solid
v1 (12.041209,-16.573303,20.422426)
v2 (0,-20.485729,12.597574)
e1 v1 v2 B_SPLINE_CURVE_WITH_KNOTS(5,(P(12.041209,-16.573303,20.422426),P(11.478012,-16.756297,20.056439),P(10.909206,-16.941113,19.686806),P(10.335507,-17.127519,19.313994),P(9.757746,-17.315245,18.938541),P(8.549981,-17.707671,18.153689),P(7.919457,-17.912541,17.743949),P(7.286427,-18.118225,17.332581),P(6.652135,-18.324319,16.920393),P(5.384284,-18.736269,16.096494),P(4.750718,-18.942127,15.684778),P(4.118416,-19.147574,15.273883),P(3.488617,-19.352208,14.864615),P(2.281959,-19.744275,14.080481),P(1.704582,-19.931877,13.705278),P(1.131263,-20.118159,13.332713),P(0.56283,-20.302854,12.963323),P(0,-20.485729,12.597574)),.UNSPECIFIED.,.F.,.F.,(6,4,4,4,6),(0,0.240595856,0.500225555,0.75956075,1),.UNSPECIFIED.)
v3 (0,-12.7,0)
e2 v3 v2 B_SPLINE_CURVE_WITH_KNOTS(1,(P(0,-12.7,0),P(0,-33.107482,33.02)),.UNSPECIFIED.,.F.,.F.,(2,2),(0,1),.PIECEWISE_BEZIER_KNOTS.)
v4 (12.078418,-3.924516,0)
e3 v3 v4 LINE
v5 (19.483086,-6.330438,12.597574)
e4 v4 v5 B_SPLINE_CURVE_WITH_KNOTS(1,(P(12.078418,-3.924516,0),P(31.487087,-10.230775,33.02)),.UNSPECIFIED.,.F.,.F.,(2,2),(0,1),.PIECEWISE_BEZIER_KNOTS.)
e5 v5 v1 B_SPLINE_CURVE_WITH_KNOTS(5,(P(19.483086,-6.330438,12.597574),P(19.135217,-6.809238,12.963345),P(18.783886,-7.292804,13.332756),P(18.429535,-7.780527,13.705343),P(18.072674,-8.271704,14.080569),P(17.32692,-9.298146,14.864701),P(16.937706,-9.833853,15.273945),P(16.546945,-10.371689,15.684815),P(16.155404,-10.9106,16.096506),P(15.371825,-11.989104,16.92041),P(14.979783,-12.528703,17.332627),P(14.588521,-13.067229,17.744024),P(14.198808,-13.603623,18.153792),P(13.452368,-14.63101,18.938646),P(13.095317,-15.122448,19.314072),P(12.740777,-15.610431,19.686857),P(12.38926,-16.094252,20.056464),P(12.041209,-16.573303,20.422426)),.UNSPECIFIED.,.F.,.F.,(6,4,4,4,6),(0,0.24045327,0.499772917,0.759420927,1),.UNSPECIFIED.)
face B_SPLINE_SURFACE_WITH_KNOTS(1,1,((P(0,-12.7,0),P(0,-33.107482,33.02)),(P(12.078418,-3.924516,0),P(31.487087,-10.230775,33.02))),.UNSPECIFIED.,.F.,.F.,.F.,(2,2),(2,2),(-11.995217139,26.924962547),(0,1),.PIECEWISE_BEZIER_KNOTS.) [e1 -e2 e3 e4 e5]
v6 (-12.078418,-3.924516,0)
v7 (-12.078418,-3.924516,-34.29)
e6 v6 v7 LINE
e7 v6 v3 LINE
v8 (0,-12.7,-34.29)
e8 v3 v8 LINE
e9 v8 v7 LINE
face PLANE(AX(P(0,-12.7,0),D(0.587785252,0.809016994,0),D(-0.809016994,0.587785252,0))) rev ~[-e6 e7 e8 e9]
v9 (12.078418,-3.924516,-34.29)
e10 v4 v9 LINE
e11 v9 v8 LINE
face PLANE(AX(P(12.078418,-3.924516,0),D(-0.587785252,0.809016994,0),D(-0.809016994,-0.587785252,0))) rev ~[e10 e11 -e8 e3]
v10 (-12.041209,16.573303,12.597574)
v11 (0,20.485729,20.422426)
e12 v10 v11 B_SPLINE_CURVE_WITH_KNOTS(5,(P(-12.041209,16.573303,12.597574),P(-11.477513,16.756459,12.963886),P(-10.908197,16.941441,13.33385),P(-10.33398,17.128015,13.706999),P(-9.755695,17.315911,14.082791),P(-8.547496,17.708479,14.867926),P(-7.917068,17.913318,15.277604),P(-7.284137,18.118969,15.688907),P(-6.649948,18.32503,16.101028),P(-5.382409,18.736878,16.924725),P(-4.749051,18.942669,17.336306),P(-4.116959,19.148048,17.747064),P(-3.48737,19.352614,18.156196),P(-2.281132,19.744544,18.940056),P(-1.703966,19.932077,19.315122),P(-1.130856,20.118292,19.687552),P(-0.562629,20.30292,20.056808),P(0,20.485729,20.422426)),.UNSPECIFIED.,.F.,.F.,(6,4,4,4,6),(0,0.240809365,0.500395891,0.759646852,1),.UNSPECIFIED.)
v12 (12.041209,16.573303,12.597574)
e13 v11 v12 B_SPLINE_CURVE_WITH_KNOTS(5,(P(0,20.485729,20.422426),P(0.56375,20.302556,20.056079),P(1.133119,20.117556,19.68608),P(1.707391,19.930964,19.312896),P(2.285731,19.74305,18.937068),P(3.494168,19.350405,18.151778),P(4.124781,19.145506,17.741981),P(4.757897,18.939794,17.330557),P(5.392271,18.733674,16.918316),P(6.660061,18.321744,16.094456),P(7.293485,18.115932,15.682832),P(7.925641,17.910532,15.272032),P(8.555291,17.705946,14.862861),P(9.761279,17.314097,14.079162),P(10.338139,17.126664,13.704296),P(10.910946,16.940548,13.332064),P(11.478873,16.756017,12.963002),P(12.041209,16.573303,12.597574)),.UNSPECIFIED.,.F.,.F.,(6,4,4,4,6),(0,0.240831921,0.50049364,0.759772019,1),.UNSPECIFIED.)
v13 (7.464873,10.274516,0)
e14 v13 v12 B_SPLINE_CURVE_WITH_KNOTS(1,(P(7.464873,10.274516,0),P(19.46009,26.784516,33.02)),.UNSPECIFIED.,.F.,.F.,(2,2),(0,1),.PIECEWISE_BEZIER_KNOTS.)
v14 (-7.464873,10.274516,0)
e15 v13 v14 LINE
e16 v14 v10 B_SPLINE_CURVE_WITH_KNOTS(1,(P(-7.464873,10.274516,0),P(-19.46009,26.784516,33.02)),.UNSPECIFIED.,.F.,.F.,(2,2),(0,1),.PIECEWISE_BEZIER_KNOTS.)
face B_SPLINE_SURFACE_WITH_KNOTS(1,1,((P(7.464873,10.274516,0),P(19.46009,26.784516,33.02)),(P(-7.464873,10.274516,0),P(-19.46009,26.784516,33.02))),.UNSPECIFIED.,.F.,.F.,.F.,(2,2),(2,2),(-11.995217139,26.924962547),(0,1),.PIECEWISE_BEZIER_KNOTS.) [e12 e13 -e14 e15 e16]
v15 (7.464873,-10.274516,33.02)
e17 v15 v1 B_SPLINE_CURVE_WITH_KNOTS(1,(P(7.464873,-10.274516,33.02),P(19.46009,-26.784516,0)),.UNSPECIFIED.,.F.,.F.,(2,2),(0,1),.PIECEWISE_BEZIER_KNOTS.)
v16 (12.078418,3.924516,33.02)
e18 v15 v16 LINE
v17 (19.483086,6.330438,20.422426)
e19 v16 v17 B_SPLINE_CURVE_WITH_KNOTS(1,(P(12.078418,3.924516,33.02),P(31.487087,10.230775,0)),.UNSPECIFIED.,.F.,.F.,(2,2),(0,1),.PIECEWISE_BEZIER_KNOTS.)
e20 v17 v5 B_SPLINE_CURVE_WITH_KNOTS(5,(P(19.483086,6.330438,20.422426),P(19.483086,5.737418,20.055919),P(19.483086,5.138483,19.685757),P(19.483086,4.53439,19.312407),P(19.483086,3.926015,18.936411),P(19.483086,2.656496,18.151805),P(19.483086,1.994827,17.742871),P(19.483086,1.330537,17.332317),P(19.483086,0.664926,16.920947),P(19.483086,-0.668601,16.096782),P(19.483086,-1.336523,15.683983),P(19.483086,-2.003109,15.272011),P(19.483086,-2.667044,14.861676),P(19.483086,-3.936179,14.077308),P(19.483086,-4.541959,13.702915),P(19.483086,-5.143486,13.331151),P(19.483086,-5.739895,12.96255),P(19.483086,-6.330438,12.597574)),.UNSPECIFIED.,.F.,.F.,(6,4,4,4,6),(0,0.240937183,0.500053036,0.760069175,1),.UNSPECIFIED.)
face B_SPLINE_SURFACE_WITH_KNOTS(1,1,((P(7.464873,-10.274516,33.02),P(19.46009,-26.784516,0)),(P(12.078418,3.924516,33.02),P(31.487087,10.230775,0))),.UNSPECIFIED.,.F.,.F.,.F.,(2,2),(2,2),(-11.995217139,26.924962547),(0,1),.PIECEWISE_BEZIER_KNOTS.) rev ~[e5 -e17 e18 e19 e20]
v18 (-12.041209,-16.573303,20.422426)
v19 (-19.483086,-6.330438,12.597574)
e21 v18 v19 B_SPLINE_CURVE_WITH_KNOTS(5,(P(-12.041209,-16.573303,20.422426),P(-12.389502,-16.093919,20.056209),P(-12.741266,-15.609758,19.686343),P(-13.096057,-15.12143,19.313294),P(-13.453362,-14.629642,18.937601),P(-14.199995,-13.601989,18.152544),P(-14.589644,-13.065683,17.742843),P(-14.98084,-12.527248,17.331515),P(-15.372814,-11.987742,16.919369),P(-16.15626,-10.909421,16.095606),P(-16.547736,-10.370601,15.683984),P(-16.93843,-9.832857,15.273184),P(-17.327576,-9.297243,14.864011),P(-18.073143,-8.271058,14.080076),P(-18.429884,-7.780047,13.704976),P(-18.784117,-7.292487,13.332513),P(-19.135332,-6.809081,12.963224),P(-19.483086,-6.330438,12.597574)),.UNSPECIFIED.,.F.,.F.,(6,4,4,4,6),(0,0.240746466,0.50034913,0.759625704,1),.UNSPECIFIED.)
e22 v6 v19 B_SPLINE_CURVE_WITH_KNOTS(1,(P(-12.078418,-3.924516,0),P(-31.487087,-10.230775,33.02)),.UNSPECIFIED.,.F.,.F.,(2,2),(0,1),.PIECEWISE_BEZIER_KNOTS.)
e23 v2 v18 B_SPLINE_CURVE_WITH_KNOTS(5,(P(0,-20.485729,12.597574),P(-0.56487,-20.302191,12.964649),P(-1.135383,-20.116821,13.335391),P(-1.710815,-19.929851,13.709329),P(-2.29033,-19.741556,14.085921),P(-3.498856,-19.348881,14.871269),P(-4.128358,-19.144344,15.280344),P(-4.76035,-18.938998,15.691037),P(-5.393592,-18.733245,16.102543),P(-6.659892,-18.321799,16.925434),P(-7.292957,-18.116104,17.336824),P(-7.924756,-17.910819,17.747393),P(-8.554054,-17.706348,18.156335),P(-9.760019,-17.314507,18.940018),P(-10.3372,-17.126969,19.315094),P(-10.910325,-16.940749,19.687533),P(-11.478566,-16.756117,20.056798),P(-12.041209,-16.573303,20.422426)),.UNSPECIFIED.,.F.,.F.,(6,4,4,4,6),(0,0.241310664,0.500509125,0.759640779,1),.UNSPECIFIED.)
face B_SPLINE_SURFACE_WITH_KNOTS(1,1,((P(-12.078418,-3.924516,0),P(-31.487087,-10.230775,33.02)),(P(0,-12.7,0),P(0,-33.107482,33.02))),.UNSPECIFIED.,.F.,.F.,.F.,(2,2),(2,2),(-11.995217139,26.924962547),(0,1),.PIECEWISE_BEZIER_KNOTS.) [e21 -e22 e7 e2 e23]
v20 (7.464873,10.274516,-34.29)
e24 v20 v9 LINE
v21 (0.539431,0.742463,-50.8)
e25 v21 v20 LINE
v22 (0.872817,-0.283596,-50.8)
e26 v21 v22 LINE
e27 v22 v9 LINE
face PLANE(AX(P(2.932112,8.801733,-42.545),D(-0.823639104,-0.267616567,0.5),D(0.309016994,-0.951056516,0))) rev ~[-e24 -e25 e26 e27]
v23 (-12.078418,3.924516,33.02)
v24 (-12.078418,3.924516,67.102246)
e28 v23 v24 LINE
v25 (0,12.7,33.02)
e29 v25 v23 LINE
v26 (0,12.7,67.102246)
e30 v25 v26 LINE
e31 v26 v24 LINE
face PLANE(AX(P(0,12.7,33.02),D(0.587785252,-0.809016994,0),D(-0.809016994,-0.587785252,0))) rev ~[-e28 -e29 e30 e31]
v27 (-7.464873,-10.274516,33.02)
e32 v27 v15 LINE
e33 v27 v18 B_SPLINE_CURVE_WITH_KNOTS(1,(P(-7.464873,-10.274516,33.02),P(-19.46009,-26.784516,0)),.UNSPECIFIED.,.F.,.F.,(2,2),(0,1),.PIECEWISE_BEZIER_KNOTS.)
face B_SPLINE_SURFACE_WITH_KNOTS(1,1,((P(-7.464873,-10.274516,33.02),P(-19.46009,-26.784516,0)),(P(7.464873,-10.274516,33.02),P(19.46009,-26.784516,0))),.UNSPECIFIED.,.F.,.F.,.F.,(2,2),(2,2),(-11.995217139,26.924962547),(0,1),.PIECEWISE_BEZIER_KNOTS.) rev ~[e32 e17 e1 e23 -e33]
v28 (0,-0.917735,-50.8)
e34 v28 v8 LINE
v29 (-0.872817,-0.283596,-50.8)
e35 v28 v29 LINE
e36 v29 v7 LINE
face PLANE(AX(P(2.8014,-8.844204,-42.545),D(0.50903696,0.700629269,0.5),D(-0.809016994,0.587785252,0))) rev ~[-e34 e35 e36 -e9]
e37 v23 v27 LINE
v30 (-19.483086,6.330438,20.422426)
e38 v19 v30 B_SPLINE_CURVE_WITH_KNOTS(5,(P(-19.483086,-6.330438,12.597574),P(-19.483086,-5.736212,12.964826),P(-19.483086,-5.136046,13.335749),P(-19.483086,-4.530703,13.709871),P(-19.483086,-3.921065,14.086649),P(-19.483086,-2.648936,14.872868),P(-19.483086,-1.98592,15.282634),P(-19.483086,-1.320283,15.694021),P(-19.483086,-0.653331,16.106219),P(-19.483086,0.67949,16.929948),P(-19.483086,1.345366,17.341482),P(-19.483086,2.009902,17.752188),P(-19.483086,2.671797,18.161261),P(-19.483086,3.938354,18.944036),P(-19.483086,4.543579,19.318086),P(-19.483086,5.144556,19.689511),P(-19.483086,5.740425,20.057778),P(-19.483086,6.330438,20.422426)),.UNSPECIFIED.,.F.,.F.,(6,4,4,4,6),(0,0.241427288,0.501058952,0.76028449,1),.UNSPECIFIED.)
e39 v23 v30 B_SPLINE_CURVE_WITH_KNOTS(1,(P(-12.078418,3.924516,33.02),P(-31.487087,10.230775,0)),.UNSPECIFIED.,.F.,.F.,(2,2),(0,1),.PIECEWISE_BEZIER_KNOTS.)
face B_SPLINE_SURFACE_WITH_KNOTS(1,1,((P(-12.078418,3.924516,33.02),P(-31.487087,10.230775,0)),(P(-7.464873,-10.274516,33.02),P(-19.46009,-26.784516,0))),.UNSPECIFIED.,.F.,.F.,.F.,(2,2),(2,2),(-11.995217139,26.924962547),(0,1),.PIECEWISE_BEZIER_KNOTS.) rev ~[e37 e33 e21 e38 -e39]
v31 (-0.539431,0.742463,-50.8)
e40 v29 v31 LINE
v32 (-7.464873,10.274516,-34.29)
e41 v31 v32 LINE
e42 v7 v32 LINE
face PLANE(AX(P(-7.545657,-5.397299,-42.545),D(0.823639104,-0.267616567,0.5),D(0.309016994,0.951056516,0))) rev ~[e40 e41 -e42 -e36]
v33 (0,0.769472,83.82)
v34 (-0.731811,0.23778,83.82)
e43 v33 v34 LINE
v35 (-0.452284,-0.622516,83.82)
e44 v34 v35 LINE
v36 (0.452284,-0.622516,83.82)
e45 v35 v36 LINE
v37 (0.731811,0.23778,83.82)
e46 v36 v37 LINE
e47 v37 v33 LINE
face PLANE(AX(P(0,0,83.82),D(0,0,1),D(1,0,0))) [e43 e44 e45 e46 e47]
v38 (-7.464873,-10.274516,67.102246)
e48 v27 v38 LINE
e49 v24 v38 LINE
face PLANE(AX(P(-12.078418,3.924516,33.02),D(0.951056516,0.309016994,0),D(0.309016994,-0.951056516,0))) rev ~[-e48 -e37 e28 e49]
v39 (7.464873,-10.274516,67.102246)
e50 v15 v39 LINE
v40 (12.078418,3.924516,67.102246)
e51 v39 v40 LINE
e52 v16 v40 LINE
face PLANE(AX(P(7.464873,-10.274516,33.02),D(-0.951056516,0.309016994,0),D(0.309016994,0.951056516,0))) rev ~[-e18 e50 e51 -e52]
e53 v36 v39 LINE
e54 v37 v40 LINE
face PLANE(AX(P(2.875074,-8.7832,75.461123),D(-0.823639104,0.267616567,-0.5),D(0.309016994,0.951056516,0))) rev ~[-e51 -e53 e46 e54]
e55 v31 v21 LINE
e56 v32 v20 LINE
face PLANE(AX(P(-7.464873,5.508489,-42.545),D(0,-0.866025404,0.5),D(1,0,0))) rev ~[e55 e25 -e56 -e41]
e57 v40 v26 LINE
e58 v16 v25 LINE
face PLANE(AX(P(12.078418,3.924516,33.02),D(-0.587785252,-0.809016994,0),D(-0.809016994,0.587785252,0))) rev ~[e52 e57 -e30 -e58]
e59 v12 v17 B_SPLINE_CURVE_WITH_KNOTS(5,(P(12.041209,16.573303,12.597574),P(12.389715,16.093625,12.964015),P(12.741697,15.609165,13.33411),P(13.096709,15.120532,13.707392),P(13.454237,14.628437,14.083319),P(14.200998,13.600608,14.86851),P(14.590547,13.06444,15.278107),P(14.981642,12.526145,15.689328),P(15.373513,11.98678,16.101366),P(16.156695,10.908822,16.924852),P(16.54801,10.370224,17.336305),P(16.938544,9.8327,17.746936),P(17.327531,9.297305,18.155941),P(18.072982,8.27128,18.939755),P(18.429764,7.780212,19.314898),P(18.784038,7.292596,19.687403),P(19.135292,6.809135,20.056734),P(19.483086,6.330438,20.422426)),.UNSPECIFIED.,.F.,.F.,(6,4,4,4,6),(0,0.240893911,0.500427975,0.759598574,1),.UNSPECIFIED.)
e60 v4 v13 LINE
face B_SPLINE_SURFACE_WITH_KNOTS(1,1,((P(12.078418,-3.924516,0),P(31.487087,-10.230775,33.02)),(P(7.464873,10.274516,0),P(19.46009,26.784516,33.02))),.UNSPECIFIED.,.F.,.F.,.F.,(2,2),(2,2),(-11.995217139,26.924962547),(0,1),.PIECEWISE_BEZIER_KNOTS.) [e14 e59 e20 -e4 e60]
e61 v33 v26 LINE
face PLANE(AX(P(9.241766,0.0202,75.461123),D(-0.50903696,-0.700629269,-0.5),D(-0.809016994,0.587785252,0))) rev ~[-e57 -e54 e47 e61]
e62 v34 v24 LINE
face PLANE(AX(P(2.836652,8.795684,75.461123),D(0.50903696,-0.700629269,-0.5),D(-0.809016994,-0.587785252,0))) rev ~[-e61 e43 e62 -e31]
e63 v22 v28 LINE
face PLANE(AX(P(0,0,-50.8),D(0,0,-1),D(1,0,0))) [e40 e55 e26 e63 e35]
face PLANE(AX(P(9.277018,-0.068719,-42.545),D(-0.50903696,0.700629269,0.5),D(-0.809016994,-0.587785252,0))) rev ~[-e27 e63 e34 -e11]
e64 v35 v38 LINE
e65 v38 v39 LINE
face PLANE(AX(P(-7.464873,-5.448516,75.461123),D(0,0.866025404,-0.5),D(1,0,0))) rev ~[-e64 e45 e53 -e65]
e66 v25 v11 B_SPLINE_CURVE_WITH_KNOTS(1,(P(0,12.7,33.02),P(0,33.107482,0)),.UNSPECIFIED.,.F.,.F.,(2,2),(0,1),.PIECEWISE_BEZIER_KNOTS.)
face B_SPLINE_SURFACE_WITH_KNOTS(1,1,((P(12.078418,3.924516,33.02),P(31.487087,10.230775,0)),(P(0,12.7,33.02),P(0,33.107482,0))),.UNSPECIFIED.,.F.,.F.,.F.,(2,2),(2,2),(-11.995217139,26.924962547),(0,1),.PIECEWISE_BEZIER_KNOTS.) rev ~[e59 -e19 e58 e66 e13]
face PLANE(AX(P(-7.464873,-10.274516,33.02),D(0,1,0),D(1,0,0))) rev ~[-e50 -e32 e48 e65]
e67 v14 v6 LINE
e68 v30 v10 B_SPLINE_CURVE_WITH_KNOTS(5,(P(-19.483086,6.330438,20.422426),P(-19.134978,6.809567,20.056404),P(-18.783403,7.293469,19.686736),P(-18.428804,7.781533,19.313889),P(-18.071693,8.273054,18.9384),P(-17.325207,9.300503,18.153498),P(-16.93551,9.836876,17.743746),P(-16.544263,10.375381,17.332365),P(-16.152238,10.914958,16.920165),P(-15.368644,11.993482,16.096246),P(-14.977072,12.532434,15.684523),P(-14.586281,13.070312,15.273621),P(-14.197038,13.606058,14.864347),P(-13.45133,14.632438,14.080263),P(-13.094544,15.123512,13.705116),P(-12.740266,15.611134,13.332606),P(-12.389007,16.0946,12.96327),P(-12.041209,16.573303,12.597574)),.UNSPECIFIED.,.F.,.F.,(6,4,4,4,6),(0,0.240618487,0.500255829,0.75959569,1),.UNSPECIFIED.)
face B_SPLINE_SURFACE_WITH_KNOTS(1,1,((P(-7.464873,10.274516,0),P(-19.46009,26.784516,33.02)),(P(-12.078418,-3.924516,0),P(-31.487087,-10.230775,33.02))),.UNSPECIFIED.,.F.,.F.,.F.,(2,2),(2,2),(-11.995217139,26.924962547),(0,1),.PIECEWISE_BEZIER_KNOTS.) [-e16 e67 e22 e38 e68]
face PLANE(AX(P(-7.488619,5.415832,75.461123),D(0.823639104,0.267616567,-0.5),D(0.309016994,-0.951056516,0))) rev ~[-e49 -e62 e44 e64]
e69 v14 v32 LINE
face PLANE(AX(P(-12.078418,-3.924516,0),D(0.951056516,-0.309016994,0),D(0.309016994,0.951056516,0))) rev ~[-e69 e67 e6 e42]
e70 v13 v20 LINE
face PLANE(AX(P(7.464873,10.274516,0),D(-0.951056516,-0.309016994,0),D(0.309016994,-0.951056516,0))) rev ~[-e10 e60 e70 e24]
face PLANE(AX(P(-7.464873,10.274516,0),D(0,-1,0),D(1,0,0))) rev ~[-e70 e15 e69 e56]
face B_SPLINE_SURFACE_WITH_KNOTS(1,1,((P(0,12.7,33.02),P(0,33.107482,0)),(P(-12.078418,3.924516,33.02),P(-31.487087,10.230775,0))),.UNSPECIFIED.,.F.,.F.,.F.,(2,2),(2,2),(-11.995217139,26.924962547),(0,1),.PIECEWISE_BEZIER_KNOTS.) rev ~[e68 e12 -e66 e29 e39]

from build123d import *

# Parameters (mm, degrees)
F1_DEPTH = 33.02
F1_TAPER = -26.56505118
F3_DEPTH = 33.02
F3_TAPER = -26.56505118
F5_DEPTH = 50.8
F6_SIZE2 = 16.7177543947
F6_SIZE  = 9.652
F8_DEPTH = 50.8
F9_SIZE2 = 16.51
F9_SIZE  = 9.5320529443


with BuildPart() as f1:
    # F0 (on Top) → F1 (new body)
    with BuildSketch(Plane.XY):
        Polygon((12.0784177569, -3.9245158286), (7.4648727041, 10.2745158286), (-7.4648727041, 10.2745158286), (-12.0784177569, -3.9245158286), (0, -12.7), align=None)
    extrude(amount=F1_DEPTH, taper=F1_TAPER)

    # F2 (on face) → F3 (intersect)
    with BuildSketch(Plane.XY.offset(33.02)):
        Polygon((7.4648727041, -10.2745158286), (12.0784177569, 3.9245158286), (0, 12.7), (-12.0784177569, 3.9245158286), (-7.4648727041, -10.2745158286), align=None)
    extrude(amount=-F3_DEPTH, taper=F3_TAPER, mode=Mode.INTERSECT)

    # F4 (on face) → F5 (join)
    with BuildSketch(Plane.XY.offset(33.02)):
        Polygon((-12.0784177569, 3.9245158286), (-7.4648727041, -10.2745158286), (7.4648727041, -10.2745158286), (12.0784177569, 3.9245158286), (0, 12.7), align=None)
    extrude(amount=F5_DEPTH)

    # F6
    f6_edges = [f1.edges().sort_by_distance(p)[0] for p in [
        (9.771645, -3.175, 83.82),
        (0, -10.274516, 83.82),
        (-9.771645, -3.175, 83.82),
        (-6.039209, 8.312258, 83.82),
        (6.039209, 8.312258, 83.82),
    ]]
    f6_side = f1.faces().sort_by_distance((0, 0, 83.82))[0]
    chamfer(f6_edges, length=F6_SIZE, length2=F6_SIZE2, reference=f6_side)

    # F7 (on face) → F8 (join)
    with BuildSketch(Plane(origin=(0, 0, 0), x_dir=(1, 0, 0), z_dir=(0, 0, -1))):
        Polygon((0, 12.7), (-12.0784177569, 3.9245158286), (-7.4648727041, -10.2745158286), (7.4648727041, -10.2745158286), (12.0784177569, 3.9245158286), align=None)
    extrude(amount=F8_DEPTH)

    # F9
    f9_edges = [f1.edges().sort_by_distance(p)[0] for p in [
        (-9.771645, 3.175, -50.8),
        (0, 10.274516, -50.8),
        (9.771645, 3.175, -50.8),
        (6.039209, -8.312258, -50.8),
        (-6.039209, -8.312258, -50.8),
    ]]
    f9_side = f1.faces().sort_by_distance((0, 0, -50.8))[0]
    chamfer(f9_edges, length=F9_SIZE, length2=F9_SIZE2, reference=f9_side)


solid = f1.part
